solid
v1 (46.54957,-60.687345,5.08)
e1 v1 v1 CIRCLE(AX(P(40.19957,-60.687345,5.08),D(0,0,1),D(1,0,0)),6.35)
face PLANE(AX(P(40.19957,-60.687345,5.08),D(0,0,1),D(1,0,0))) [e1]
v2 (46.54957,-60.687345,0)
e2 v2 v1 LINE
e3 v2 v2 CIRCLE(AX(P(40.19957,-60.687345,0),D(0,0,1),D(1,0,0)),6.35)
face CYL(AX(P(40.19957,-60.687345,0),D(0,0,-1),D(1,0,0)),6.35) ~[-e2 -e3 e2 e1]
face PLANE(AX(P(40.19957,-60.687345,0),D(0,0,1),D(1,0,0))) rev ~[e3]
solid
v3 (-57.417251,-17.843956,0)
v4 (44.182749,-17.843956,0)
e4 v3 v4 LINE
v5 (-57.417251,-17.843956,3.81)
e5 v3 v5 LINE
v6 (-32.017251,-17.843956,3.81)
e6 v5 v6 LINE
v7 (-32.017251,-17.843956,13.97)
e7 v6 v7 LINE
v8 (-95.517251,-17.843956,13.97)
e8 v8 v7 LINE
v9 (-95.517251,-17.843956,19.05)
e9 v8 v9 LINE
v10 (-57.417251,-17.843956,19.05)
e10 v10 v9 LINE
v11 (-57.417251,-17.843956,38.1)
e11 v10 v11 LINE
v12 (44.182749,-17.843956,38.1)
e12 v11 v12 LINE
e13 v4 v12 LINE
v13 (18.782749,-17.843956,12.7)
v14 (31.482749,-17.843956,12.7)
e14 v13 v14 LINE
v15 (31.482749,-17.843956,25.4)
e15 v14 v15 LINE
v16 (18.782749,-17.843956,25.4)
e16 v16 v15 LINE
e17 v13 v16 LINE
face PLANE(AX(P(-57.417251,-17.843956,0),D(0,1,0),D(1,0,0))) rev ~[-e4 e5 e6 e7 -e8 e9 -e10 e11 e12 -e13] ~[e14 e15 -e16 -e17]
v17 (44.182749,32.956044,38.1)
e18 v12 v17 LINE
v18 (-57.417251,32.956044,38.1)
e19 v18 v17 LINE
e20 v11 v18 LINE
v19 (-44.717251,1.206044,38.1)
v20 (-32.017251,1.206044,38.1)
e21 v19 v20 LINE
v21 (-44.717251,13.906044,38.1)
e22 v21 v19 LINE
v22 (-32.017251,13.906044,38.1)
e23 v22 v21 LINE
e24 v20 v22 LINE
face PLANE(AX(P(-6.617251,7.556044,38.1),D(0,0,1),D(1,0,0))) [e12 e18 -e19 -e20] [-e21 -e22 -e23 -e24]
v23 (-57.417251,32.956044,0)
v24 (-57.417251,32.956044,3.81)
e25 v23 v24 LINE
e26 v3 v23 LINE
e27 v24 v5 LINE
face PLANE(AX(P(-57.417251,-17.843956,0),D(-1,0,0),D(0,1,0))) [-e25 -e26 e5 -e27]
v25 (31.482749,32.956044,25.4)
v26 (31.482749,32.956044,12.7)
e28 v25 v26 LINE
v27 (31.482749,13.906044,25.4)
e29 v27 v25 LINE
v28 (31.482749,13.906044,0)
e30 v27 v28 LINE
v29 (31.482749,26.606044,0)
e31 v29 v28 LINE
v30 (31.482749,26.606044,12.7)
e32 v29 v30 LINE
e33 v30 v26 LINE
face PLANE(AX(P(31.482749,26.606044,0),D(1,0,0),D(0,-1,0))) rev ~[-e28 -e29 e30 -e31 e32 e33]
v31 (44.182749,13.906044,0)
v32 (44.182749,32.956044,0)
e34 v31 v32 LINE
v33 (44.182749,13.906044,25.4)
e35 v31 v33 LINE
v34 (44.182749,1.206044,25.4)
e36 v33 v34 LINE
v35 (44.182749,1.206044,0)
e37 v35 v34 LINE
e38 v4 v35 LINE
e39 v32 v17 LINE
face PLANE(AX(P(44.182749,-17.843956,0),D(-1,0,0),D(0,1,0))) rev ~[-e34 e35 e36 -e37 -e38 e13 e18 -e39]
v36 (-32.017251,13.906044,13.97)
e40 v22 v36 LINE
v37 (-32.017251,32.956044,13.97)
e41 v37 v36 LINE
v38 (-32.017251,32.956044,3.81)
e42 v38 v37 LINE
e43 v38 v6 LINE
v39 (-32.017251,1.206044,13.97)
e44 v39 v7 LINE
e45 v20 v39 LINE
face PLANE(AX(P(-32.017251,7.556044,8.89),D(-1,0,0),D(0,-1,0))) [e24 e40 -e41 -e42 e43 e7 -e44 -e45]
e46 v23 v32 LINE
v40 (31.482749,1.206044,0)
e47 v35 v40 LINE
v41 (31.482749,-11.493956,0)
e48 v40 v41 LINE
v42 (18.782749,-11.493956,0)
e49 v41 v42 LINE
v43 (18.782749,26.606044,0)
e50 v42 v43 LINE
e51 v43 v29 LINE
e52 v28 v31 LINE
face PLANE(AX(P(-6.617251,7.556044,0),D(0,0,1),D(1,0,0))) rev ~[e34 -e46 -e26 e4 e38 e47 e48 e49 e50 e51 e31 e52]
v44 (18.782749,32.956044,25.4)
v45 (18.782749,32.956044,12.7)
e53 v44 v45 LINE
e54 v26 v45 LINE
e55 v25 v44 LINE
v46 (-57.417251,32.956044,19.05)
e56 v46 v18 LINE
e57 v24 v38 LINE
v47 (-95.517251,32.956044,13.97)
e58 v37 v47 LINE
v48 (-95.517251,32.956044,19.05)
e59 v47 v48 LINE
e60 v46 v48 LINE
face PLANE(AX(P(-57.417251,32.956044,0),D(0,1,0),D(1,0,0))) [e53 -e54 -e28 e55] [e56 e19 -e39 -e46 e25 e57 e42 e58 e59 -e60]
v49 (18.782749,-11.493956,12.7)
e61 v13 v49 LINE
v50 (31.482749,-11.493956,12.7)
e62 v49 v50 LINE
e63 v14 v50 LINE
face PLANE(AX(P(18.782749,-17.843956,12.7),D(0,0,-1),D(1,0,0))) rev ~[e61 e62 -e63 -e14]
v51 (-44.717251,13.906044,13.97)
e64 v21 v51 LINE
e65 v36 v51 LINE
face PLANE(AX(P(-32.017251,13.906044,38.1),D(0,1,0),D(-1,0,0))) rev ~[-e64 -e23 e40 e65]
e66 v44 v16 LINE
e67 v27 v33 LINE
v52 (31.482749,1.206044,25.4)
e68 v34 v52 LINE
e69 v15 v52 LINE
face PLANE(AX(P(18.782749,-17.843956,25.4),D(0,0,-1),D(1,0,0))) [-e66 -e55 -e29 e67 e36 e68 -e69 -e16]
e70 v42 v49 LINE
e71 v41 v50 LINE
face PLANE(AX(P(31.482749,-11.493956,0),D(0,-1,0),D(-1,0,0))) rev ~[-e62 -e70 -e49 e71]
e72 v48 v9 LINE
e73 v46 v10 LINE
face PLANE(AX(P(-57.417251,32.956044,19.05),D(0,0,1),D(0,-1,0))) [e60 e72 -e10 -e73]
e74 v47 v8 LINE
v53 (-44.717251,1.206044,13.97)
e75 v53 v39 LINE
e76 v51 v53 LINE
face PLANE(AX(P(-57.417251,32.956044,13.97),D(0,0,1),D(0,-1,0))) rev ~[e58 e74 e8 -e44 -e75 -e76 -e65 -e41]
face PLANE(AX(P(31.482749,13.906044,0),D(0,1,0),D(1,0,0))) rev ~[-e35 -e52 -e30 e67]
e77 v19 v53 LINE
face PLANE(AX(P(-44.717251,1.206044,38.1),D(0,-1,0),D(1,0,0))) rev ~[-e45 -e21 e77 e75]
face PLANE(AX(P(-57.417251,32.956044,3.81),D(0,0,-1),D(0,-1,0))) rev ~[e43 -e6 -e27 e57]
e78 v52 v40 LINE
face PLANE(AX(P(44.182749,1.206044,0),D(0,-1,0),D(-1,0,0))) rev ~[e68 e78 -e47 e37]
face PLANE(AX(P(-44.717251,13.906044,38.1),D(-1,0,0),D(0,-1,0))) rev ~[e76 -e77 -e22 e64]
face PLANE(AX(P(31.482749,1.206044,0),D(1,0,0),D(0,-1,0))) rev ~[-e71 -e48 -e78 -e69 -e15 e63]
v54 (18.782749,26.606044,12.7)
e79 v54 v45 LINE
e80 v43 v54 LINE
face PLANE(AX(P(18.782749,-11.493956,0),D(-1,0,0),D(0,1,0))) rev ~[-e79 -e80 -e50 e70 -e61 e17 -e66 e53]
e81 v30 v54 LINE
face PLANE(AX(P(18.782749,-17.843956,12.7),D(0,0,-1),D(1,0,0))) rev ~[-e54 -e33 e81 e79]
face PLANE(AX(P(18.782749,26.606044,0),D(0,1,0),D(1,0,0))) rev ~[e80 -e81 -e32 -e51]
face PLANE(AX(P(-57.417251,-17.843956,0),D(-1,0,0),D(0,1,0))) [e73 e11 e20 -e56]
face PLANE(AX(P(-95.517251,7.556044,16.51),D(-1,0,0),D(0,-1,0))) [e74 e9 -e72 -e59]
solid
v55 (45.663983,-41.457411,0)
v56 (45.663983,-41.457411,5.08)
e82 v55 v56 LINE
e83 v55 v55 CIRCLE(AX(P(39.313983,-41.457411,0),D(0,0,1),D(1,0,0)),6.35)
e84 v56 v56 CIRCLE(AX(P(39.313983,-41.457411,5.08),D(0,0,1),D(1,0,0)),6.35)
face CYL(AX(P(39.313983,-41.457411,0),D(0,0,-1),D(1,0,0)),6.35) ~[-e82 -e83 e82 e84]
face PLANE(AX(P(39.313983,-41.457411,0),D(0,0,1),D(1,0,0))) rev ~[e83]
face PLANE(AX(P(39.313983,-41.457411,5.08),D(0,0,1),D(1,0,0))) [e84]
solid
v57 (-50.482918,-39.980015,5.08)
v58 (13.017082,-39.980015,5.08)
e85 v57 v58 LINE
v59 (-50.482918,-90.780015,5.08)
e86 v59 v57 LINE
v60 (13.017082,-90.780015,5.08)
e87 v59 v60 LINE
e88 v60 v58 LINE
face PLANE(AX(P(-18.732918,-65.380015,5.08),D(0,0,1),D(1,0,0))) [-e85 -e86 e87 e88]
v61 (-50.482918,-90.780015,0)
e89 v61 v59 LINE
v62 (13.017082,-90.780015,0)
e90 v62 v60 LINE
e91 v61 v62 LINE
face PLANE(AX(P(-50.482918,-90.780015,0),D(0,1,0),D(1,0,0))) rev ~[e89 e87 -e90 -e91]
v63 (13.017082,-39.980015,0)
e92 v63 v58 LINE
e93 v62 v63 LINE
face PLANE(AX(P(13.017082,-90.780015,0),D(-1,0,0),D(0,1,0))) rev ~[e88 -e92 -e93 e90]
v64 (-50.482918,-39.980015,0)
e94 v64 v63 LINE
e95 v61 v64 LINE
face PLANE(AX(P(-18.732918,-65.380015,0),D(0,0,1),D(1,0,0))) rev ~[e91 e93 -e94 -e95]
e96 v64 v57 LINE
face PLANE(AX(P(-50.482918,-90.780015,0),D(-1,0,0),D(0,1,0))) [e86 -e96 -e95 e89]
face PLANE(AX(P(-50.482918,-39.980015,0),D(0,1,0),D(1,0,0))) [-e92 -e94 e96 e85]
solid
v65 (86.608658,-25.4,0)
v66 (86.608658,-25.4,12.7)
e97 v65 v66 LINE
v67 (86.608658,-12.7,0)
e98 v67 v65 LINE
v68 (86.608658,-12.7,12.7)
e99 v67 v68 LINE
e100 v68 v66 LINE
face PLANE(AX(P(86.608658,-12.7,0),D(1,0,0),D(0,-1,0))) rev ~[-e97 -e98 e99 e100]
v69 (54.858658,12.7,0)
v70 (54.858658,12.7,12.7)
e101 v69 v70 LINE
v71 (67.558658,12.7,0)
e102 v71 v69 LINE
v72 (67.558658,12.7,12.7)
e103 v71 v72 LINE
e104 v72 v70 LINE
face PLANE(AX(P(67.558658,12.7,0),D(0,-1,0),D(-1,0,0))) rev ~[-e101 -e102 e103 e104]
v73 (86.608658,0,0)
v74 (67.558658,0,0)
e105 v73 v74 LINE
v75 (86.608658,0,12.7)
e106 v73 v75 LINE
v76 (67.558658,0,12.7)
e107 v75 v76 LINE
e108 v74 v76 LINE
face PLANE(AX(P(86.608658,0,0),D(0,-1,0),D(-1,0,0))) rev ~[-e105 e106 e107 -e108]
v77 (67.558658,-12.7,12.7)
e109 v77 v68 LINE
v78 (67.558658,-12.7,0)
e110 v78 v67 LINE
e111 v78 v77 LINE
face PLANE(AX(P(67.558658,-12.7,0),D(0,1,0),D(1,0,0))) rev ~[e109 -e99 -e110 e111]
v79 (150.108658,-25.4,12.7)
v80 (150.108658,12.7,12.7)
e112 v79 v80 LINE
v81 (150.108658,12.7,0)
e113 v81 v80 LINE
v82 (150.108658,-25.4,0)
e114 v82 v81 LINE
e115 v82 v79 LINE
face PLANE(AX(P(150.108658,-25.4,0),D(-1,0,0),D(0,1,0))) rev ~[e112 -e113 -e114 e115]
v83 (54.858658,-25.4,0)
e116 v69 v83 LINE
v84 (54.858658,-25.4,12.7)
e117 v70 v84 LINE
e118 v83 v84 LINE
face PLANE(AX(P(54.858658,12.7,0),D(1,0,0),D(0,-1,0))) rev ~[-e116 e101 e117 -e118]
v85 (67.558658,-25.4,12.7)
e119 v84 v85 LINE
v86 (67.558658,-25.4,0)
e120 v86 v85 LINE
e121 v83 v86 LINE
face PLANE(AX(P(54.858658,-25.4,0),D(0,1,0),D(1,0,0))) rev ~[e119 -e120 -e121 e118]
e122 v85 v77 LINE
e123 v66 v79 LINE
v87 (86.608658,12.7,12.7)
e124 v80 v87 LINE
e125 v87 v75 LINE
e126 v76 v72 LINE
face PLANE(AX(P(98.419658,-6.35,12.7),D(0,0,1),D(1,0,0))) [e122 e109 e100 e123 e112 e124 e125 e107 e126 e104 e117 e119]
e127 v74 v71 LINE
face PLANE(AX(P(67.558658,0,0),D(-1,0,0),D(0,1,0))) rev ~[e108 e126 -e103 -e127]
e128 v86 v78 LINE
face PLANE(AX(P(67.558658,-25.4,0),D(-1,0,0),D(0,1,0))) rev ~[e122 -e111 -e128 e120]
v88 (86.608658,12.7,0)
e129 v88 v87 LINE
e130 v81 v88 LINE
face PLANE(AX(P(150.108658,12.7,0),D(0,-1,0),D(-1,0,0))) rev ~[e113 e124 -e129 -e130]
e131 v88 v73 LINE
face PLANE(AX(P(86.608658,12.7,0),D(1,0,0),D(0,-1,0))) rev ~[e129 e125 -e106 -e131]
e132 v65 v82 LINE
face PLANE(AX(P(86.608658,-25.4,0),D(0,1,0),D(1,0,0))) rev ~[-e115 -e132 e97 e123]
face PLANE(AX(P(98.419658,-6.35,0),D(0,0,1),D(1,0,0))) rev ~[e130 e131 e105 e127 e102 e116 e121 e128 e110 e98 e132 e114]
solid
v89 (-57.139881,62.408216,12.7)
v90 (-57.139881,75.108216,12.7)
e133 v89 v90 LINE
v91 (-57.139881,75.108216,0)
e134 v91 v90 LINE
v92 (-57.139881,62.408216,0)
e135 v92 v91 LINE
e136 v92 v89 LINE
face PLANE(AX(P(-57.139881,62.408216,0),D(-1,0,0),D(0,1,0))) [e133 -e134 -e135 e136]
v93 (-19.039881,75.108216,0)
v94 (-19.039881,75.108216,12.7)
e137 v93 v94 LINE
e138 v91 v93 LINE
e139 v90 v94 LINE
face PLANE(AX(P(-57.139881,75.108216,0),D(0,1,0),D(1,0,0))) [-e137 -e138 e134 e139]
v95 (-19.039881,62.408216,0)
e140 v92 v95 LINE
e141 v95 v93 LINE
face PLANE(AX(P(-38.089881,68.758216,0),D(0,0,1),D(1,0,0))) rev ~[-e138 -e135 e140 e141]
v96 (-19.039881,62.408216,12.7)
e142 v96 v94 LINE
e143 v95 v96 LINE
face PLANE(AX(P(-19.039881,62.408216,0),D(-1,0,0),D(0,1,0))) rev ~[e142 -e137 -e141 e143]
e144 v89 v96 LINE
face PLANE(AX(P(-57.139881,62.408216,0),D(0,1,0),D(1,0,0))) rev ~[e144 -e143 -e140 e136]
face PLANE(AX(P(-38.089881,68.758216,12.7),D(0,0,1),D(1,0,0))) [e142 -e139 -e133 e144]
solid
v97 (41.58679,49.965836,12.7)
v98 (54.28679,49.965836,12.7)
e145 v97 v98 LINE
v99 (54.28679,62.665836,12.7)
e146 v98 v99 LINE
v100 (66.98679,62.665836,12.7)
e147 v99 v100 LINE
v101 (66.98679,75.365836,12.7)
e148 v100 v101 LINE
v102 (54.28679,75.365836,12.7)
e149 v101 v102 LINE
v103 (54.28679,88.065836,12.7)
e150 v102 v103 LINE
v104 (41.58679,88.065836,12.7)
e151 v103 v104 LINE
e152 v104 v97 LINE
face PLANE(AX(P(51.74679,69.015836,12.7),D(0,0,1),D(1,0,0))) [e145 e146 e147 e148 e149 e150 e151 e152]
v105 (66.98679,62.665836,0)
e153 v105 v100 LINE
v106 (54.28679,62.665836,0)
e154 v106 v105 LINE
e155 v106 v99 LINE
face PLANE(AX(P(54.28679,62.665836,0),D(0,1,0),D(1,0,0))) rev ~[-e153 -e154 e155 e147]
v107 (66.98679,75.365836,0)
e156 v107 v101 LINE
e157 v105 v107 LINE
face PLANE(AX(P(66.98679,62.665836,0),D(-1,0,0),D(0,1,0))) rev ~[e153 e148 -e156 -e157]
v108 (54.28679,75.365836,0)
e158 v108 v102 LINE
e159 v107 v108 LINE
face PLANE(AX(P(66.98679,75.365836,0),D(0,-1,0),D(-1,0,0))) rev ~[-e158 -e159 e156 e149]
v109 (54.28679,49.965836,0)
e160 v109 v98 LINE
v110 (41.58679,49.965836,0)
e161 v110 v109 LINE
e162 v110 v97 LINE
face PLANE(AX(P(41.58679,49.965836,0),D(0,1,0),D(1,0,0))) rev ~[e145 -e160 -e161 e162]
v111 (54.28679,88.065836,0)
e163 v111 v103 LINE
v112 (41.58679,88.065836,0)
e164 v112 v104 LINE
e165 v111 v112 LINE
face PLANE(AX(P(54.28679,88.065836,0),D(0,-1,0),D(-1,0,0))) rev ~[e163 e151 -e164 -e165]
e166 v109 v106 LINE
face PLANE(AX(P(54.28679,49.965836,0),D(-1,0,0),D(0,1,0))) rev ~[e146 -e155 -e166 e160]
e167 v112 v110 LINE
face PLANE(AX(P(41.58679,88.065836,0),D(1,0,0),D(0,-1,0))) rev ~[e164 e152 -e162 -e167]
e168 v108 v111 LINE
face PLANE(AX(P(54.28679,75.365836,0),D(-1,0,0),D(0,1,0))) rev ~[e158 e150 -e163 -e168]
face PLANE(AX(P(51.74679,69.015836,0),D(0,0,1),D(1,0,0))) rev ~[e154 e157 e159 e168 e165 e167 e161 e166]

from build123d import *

# Parameters (mm, degrees)
F0_W      = 101.6
F0_H      = 50.8
F1_DEPTH  = 38.1
F2_W      = 50.8
F2_H      = 5.08
F3_DEPTH  = 38.1
F5_DEPTH  = 25.4
F6_W      = 12.7
F6_H      = 12.7
F7_DEPTH  = 254
F9_DEPTH  = 31.75
F10_W     = 50.8
F10_H     = 10.16
F11_DEPTH = 25.4
F12_W     = 38.1
F12_H     = 12.7
F13_DEPTH = 12.7
F14_W     = 63.5
F14_H     = 50.8
F15_DEPTH = 5.08
F17_DEPTH = 12.7
F19_DEPTH = 12.7
F20_R     = 6.35
F21_DEPTH = 5.08


with BuildPart() as f1:
    # F0 (on Top) → F1 (new body)
    with BuildSketch(Plane.XY):
        with Locations((-6.617251, 7.556044)):
            Rectangle(F0_W, F0_H)
    extrude(amount=F1_DEPTH)

    # F2 (on face) → F3 (join)
    with BuildSketch(Plane(origin=(-57.417251, 0, 0), x_dir=(0, -1, 0), z_dir=(-1, 0, 0))):
        with Locations((-7.556044, 16.51)):
            Rectangle(F2_W, F2_H)
    extrude(amount=F3_DEPTH)

    # F4 (on face) → F5 (cut)
    with BuildSketch(Plane(origin=(0, 0, 0), x_dir=(1, 0, 0), z_dir=(0, 0, -1))):
        Polygon((44.182749, -13.906044), (44.182749, -1.206044), (31.482749, -1.206044), (31.482749, 11.493956), (18.782749, 11.493956), (18.782749, -1.206044), (18.782749, -13.906044), (18.782749, -26.606044), (31.482749, -26.606044), (31.482749, -13.906044), align=None)
    extrude(amount=-F5_DEPTH, mode=Mode.SUBTRACT)

    # F6 (on face) → F7 (cut)
    with BuildSketch(Plane.XZ.offset(17.843956)):
        with Locations((25.132749, 19.05)):
            Rectangle(F6_W, F6_H)
    extrude(amount=-F7_DEPTH, mode=Mode.SUBTRACT)

    # F8 (on face) → F9 (cut)
    with BuildSketch(Plane.XY.offset(38.1)):
        Polygon((-44.717251, 13.906044), (-44.717251, 7.556044), (-44.717251, 1.206044), (-32.017251, 1.206044), (-32.017251, 13.906044), align=None)
    extrude(amount=-F9_DEPTH, mode=Mode.SUBTRACT)

    # F10 (on face) → F11 (cut)
    with BuildSketch(Plane(origin=(-57.417251, 0, 0), x_dir=(0, -1, 0), z_dir=(-1, 0, 0))):
        with Locations((-7.556044, 8.89)):
            Rectangle(F10_W, F10_H)
    extrude(amount=-F11_DEPTH, mode=Mode.SUBTRACT)


with BuildPart() as f13:
    # F12 (on Top) → F13 (new body)
    with BuildSketch(Plane.XY):
        with Locations((-38.089881, 68.758216)):
            Rectangle(F12_W, F12_H)
    extrude(amount=F13_DEPTH)


with BuildPart() as f15:
    # F14 (on Top) → F15 (new body)
    with BuildSketch(Plane.XY):
        with Locations((-18.732918, -65.380015)):
            Rectangle(F14_W, F14_H)
    extrude(amount=F15_DEPTH)


with BuildPart() as f17:
    # F16 (on Top) → F17 (new body)
    with BuildSketch(Plane.XY):
        Polygon((54.858658, 12.7), (54.858658, -25.4), (67.558658, -25.4), (67.558658, -12.7), (86.608658, -12.7), (86.608658, -25.4), (150.108658, -25.4), (150.108658, 12.7), (86.608658, 12.7), (86.608658, 0), (67.558658, 0), (67.558658, 12.7), align=None)
    extrude(amount=F17_DEPTH)


with BuildPart() as f19:
    # F18 (on Top) → F19 (new body)
    with BuildSketch(Plane.XY):
        Polygon((54.28679, 88.065836), (41.58679, 88.065836), (41.58679, 49.965836), (54.28679, 49.965836), (54.28679, 62.665836), (66.98679, 62.665836), (66.98679, 75.365836), (54.28679, 75.365836), align=None)
    extrude(amount=F19_DEPTH)


with BuildPart() as f21:
    # F20 (on Top) → F21 (new body)
    with BuildSketch(Plane.XY):
        with Locations((39.313983, -41.457411)):
            Circle(F20_R)
        with Locations((40.19957, -60.687345)):
            Circle(F20_R)
    extrude(amount=F21_DEPTH)


solid = Compound([f1.part, f13.part, f15.part, f17.part, f19.part, f21.part])
